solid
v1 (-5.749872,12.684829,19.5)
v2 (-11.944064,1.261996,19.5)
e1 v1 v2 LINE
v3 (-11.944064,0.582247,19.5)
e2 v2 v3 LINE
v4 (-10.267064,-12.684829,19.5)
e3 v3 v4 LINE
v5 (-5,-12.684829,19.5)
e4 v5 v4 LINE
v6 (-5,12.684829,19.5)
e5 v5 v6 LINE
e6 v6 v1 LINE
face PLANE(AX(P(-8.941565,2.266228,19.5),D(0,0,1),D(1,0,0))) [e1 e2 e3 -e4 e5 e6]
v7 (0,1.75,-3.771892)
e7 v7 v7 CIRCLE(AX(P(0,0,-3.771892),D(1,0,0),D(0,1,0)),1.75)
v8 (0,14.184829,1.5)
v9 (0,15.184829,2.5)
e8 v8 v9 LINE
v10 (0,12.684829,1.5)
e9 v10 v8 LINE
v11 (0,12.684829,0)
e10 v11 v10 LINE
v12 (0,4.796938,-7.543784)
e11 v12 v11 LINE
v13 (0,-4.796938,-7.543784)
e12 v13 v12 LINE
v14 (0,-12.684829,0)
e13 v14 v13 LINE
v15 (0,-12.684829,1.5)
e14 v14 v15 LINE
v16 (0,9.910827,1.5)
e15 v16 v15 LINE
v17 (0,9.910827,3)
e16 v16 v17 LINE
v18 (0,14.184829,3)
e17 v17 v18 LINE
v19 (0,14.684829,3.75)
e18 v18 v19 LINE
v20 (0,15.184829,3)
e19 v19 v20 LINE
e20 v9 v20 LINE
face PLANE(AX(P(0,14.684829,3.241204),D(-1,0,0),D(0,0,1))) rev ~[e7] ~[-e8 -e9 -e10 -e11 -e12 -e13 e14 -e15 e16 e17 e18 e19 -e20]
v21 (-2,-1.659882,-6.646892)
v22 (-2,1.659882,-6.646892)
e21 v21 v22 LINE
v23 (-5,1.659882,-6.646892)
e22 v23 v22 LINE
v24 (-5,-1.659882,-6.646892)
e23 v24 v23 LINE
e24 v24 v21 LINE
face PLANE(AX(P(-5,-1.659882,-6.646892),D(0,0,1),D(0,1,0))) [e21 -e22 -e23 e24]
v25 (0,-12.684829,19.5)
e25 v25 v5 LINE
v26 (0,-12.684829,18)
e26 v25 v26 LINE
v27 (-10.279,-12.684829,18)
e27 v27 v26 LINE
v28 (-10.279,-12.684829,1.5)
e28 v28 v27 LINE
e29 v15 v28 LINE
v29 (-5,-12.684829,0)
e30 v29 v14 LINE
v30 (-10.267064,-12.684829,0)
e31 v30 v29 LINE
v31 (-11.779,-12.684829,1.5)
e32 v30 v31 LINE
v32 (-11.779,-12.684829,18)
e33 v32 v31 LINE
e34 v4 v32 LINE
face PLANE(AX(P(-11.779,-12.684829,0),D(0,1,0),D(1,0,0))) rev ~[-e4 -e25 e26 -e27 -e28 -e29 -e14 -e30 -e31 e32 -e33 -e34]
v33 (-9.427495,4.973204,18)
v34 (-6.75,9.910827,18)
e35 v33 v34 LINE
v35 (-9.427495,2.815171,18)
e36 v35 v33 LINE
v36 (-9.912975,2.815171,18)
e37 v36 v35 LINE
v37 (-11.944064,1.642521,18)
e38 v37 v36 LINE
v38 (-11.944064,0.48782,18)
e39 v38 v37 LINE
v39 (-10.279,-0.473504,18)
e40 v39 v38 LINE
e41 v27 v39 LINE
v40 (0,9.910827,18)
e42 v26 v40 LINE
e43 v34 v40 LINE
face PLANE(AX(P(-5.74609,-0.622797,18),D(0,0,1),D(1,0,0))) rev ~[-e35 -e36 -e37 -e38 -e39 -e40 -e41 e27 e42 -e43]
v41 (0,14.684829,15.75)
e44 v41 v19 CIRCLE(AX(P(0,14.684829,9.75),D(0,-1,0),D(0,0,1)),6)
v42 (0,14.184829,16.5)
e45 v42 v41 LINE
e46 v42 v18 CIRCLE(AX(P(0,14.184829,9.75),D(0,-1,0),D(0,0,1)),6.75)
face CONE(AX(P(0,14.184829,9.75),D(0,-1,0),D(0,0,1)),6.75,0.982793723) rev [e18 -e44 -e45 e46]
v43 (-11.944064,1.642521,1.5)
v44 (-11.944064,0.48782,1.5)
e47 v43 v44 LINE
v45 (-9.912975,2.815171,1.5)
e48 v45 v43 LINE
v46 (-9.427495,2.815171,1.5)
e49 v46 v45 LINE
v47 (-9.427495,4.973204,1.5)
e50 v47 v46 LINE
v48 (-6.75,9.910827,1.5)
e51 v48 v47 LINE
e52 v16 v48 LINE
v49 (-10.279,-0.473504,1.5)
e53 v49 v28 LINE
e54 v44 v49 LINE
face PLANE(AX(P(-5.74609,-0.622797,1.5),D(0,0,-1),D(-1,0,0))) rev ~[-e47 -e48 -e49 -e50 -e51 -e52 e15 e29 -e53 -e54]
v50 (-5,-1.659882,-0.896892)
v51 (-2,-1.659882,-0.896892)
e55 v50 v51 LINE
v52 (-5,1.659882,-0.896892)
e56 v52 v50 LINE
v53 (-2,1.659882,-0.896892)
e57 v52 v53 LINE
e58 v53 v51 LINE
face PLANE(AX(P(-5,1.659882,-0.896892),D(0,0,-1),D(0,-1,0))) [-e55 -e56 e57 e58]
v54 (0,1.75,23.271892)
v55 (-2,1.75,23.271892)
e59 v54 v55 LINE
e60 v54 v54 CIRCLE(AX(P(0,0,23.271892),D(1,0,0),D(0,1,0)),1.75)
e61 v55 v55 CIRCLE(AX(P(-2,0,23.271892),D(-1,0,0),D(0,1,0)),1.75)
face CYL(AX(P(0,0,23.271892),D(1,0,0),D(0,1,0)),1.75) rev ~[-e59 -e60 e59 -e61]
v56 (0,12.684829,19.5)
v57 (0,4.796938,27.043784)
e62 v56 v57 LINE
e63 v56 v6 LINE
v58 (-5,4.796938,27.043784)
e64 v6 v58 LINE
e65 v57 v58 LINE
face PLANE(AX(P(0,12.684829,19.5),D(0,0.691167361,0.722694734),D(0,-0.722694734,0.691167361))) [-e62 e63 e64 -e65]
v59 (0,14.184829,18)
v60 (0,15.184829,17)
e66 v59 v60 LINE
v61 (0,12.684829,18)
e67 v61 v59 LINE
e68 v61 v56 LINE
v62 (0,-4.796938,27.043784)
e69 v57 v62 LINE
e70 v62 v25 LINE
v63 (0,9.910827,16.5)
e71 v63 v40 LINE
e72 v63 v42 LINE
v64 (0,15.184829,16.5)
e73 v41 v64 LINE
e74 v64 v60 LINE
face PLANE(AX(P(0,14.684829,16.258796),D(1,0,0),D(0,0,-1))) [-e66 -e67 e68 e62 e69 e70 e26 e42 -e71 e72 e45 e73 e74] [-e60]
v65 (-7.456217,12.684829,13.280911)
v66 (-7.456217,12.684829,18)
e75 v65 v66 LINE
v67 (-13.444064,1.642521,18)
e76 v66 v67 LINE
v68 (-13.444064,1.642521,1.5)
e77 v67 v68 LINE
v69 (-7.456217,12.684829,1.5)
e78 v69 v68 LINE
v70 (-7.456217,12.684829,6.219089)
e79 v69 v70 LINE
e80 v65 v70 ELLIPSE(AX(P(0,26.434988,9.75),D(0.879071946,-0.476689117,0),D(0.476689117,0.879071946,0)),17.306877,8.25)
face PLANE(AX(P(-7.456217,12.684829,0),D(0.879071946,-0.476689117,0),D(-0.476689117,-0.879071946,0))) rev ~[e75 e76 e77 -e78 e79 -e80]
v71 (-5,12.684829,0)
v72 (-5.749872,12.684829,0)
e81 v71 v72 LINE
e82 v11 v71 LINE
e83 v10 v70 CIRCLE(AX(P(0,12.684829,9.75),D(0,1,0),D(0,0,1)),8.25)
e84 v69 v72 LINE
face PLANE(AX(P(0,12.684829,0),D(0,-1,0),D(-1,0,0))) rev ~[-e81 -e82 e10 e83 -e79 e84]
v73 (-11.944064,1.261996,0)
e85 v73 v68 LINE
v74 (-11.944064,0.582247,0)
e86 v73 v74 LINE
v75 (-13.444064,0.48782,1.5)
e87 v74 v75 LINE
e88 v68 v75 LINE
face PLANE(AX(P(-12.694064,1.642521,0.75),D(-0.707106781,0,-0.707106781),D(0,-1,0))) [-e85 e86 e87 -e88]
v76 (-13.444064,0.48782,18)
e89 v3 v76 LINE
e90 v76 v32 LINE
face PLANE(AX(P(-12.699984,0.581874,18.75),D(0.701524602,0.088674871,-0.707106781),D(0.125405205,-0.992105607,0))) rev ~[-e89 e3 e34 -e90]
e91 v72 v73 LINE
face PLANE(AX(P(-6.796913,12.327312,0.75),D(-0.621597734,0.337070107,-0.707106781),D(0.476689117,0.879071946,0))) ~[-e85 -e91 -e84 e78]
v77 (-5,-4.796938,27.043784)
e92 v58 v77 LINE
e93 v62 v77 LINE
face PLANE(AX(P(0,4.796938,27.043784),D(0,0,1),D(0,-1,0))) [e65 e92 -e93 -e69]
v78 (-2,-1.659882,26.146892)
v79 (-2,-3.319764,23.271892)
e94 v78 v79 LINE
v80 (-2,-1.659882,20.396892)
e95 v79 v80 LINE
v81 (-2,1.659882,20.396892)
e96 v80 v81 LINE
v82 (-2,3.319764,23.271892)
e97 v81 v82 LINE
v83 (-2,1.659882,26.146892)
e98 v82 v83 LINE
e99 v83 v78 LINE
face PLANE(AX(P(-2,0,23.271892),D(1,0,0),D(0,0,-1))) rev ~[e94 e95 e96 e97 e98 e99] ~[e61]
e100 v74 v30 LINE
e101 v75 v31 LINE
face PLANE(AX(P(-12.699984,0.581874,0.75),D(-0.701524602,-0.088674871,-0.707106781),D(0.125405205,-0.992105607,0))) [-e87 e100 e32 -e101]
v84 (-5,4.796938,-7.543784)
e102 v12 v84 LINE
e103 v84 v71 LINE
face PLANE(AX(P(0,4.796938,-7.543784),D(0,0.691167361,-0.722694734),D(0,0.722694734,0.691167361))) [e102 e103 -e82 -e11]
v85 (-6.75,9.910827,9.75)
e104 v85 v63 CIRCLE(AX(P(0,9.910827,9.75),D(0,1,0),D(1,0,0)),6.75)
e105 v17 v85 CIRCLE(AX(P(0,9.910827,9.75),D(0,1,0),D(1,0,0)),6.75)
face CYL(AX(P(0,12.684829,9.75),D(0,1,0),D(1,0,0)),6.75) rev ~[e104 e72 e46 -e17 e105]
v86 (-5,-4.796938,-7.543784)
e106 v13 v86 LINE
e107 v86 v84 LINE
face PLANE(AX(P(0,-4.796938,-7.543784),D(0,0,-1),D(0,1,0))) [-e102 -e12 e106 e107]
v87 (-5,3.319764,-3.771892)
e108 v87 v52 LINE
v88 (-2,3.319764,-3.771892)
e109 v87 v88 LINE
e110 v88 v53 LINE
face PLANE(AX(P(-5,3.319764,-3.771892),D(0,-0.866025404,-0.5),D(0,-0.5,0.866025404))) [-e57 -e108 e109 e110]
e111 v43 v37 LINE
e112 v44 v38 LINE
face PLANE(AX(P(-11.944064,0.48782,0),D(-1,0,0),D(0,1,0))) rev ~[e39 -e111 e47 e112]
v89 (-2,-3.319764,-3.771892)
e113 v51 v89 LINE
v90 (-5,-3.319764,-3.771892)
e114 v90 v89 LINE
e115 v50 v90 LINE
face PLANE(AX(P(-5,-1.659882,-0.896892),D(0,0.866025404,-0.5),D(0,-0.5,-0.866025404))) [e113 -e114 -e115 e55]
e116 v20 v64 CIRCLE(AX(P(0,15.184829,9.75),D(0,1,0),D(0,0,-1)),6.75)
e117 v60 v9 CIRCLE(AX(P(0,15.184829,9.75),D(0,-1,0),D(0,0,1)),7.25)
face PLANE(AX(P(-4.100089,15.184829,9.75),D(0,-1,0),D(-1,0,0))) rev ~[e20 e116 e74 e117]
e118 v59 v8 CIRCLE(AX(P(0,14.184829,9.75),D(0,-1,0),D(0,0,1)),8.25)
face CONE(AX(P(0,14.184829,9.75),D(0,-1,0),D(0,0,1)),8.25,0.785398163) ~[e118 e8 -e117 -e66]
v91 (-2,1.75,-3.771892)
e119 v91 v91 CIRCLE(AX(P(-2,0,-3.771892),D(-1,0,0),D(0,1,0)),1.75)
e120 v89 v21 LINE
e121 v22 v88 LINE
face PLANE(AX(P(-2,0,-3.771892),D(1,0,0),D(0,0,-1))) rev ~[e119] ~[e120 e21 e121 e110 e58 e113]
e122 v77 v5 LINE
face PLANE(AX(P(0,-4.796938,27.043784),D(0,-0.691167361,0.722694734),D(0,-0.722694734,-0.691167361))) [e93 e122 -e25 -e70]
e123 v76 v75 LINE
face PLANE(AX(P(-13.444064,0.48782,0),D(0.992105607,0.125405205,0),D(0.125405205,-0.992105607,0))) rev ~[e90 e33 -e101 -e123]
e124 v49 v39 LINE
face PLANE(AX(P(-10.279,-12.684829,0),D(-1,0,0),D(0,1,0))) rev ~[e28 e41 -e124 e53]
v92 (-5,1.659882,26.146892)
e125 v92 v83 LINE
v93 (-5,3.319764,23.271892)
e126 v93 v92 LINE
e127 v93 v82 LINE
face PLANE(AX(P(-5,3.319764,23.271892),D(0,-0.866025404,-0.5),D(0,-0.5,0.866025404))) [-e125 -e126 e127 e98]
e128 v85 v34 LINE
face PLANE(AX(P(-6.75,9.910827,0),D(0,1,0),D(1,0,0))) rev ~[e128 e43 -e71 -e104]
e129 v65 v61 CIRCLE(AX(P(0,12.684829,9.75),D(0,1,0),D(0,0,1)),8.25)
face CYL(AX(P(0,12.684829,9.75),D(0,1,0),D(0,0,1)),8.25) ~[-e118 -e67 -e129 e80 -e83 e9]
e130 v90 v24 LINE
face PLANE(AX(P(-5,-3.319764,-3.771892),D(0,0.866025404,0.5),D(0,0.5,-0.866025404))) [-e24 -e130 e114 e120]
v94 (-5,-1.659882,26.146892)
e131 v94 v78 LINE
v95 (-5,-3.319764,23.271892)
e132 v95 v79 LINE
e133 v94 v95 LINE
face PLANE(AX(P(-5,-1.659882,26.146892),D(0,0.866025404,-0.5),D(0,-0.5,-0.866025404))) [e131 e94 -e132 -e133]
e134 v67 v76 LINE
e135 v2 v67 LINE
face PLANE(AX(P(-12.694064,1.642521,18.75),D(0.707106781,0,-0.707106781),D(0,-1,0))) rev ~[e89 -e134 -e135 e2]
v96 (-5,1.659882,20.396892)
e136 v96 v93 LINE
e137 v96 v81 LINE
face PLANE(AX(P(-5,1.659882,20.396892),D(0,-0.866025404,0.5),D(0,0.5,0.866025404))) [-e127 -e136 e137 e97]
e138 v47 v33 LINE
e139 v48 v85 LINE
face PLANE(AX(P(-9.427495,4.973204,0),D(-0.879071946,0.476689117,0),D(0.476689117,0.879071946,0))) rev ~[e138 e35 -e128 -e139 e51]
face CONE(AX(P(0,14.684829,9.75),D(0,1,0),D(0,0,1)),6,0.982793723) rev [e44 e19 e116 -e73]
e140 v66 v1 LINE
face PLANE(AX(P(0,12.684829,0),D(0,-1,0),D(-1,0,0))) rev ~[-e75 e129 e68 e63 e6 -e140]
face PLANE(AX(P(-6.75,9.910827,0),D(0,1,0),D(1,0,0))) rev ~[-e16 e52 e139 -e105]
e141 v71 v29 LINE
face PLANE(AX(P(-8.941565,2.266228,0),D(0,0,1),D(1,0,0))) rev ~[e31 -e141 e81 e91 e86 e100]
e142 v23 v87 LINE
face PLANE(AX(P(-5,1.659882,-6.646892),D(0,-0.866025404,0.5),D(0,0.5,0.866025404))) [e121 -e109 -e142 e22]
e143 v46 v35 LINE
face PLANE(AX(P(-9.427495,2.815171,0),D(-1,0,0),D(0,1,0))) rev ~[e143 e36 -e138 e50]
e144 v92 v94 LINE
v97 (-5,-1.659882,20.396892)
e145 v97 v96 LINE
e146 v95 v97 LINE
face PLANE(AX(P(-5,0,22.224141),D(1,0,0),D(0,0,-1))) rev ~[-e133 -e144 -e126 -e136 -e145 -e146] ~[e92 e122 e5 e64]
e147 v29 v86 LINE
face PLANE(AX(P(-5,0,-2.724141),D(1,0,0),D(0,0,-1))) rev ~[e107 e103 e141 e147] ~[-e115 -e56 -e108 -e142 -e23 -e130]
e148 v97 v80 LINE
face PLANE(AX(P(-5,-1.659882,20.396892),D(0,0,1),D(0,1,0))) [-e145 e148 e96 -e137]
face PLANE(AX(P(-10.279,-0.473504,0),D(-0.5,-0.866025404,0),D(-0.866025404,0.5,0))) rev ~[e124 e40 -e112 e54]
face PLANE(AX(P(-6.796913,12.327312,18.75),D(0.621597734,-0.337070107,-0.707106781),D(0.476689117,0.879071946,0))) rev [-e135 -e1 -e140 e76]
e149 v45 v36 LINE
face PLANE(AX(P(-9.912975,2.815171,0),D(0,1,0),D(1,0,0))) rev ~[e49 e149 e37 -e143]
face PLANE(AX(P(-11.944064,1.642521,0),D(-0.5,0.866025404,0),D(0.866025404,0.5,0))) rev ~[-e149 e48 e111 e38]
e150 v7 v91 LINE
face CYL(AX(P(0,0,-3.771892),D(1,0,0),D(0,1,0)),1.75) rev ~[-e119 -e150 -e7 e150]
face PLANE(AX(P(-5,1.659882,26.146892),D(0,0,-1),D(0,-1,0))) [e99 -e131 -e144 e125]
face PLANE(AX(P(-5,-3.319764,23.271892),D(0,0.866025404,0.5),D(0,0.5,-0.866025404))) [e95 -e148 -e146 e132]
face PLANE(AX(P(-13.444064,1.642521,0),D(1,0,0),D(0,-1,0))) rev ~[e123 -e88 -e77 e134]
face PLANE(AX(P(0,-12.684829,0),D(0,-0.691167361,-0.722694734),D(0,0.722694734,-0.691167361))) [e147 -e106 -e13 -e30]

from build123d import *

# Parameters (mm, degrees)
BOSS_EXTRUDE1_DEPTH = 19.5
BOSS_EXTRUDE5_DEPTH = 1.5
BOSS_EXTRUDE6_DEPTH = 1.5
SKETCH8_R           = 6.75
CUT_EXTRUDE2_DEPTH  = 35.70752685
BOSS_EXTRUDE7_DEPTH = 2.5
SKETCH10_R          = 1.75
BOSS_EXTRUDE8_DEPTH = 5
CHAMFER1_SIZE       = 1.5
SKETCH11_R          = 1.75
CUT_EXTRUDE3_DEPTH  = 3
CHAMFER2_SIZE       = 1
REVOLVE1_ANGLE      = 180


with BuildPart() as part:
    # Sketch1 → Boss-Extrude1 (new body)
    with BuildSketch(Plane.XY):
        Polygon((-11.779, -12.684829289), (-10.279, -12.684829289), (-10.279, -0.473504424), (-11.944063509, 0.487820441), (-11.944063509, 1.64252098), (-9.912974596, 2.815170711), (-9.427494989, 2.815170711), (-9.427494989, 4.973204454), (-6.75, 9.910826582), (0, 9.910826582), (0, 12.684829289), (-7.456216647, 12.684829289), (-13.444063509, 1.64252098), (-13.444063509, 0.487820441), align=None)
    extrude(amount=BOSS_EXTRUDE1_DEPTH)

    # Sketch6 → Boss-Extrude5 (add)
    with BuildSketch(Plane.XY.offset(19.5)):
        Polygon((0, 12.684829289), (-7.456216647, 12.684829289), (-13.444063509, 1.64252098), (-13.444063509, 0.487820441), (-11.779, -12.684829289), (0, -12.684829289), align=None)
    extrude(amount=-BOSS_EXTRUDE5_DEPTH)

    # Sketch7 → Boss-Extrude6 (add)
    with BuildSketch(Plane(origin=(0, 0, 0), x_dir=(-1, 0, 0), z_dir=(0, 0, -1))):
        Polygon((0, 12.684829289), (0, -12.684829289), (11.779, -12.684829289), (13.444063509, 0.487820441), (13.444063509, 1.64252098), (7.456216647, 12.684829289), align=None)
    extrude(amount=-BOSS_EXTRUDE6_DEPTH)

    # Sketch8 → Cut-Extrude2 (cut, through all)
    with BuildSketch(Plane(origin=(0, 12.684829289, 0), x_dir=(1, 0, 0), z_dir=(0, 1, 0))):
        with Locations((0, -9.75)):
            Circle(SKETCH8_R)
    extrude(amount=-CUT_EXTRUDE2_DEPTH, mode=Mode.SUBTRACT)

    # Sketch9 → Boss-Extrude7 (add, symmetric)
    with BuildSketch(Plane(origin=(0, 12.684829289, 0), x_dir=(1, 0, 0), z_dir=(0, 1, 0))):
        with BuildLine():
            Line((0, -1.5), (0, -3))
            ThreePointArc((0, -3), (-6.75, -9.75), (0, -16.5))
            Line((0, -16.5), (0, -18))
            ThreePointArc((0, -18), (-8.25, -9.75), (0, -1.5))
        make_face()
    extrude(amount=BOSS_EXTRUDE7_DEPTH, both=True)

    # Sketch10 → Boss-Extrude8 (add)
    with BuildSketch(Plane(origin=(0, 0, 0), x_dir=(0, 0, -1), z_dir=(1, 0, 0))):
        Polygon((-19.5, 12.684829289), (-27.043783602, 4.79693847), (-27.043783602, -4.79693847), (-19.5, -12.684829289), align=None)
        Polygon((-20.396891801, -1.659882024), (-20.396891801, 1.659882024), (-23.271891801, 3.319764048), (-26.146891801, 1.659882024), (-26.146891801, -1.659882024), (-23.271891801, -3.319764048), align=None, mode=Mode.SUBTRACT)
        Polygon((-23.271891801, -3.319764048), (-20.396891801, -1.659882024), (-20.396891801, 1.659882024), (-23.271891801, 3.319764048), (-26.146891801, 1.659882024), (-26.146891801, -1.659882024), align=None)
        with Locations(Location((-23.271891801, 0, 0), (0, 0, 90))):
            Circle(SKETCH10_R, mode=Mode.SUBTRACT)
        Polygon((7.543783602, 4.79693847), (0, 12.684829289), (0, -12.684829289), (7.543783602, -4.79693847), align=None)
        Polygon((6.646891801, 1.659882024), (3.771891801, 3.319764048), (0.896891801, 1.659882024), (0.896891801, -1.659882024), (3.771891801, -3.319764048), (6.646891801, -1.659882024), align=None, mode=Mode.SUBTRACT)
        Polygon((6.646891801, 1.659882024), (6.646891801, -1.659882024), (3.771891801, -3.319764048), (0.896891801, -1.659882024), (0.896891801, 1.659882024), (3.771891801, 3.319764048), align=None)
        with Locations(Location((3.771891801, 0, 0), (0, 0, 90))):
            Circle(SKETCH10_R, mode=Mode.SUBTRACT)
    extrude(amount=-BOSS_EXTRUDE8_DEPTH)

    # Chamfer1
    chamfer1_edges = [part.edges().sort_by_distance(p)[0] for p in [
        (-12.611531755, -6.098504424, 19.5),
        (-13.444063509, 1.065170711, 19.5),
        (-10.450140078, 7.163675135, 19.5),
        (-12.611531755, -6.098504424, 0),
        (-13.444063509, 1.065170711, 0),
        (-10.450140078, 7.163675135, 0),
    ]]
    chamfer(chamfer1_edges, length=CHAMFER1_SIZE)

    # Sketch11 → Cut-Extrude3 (cut)
    with BuildSketch(Plane.ZY.offset(5)):
        Polygon((-6.646891801, 1.659882024), (-3.771891801, 3.319764048), (-0.896891801, 1.659882024), (-0.896891801, -1.659882024), (-3.771891801, -3.319764048), (-6.646891801, -1.659882024), align=None)
        with Locations(Location((-3.771891801, 0, 0), (0, 0, 90))):
            Circle(SKETCH11_R, mode=Mode.SUBTRACT)
        Polygon((20.396891801, 1.659882024), (23.271891801, 3.319764048), (26.146891801, 1.659882024), (26.146891801, -1.659882024), (23.271891801, -3.319764048), (20.396891801, -1.659882024), align=None)
        with Locations(Location((23.271891801, 0, 0), (0, 0, 90))):
            Circle(SKETCH11_R, mode=Mode.SUBTRACT)
    extrude(amount=-CUT_EXTRUDE3_DEPTH, mode=Mode.SUBTRACT)

    # Chamfer2
    chamfer2_edges = [part.edges().sort_by_distance(p)[0] for p in [
        (-8.25, 15.184829289, 9.75),
    ]]
    chamfer(chamfer2_edges, length=CHAMFER2_SIZE)

    # Sketch12 → Revolve1 (revolve)
    with BuildSketch(Plane(origin=(0, 0, 0), x_dir=(0, 0, -1), z_dir=(1, 0, 0))):
        Polygon((-16.5, 15.184829289), (-16.5, 14.184829289), (-15.75, 14.684829289), align=None)
    revolve(axis=Axis((0, 15.184829289, 9.75), (0, -1, 0)), revolution_arc=REVOLVE1_ANGLE)


solid = part.part
